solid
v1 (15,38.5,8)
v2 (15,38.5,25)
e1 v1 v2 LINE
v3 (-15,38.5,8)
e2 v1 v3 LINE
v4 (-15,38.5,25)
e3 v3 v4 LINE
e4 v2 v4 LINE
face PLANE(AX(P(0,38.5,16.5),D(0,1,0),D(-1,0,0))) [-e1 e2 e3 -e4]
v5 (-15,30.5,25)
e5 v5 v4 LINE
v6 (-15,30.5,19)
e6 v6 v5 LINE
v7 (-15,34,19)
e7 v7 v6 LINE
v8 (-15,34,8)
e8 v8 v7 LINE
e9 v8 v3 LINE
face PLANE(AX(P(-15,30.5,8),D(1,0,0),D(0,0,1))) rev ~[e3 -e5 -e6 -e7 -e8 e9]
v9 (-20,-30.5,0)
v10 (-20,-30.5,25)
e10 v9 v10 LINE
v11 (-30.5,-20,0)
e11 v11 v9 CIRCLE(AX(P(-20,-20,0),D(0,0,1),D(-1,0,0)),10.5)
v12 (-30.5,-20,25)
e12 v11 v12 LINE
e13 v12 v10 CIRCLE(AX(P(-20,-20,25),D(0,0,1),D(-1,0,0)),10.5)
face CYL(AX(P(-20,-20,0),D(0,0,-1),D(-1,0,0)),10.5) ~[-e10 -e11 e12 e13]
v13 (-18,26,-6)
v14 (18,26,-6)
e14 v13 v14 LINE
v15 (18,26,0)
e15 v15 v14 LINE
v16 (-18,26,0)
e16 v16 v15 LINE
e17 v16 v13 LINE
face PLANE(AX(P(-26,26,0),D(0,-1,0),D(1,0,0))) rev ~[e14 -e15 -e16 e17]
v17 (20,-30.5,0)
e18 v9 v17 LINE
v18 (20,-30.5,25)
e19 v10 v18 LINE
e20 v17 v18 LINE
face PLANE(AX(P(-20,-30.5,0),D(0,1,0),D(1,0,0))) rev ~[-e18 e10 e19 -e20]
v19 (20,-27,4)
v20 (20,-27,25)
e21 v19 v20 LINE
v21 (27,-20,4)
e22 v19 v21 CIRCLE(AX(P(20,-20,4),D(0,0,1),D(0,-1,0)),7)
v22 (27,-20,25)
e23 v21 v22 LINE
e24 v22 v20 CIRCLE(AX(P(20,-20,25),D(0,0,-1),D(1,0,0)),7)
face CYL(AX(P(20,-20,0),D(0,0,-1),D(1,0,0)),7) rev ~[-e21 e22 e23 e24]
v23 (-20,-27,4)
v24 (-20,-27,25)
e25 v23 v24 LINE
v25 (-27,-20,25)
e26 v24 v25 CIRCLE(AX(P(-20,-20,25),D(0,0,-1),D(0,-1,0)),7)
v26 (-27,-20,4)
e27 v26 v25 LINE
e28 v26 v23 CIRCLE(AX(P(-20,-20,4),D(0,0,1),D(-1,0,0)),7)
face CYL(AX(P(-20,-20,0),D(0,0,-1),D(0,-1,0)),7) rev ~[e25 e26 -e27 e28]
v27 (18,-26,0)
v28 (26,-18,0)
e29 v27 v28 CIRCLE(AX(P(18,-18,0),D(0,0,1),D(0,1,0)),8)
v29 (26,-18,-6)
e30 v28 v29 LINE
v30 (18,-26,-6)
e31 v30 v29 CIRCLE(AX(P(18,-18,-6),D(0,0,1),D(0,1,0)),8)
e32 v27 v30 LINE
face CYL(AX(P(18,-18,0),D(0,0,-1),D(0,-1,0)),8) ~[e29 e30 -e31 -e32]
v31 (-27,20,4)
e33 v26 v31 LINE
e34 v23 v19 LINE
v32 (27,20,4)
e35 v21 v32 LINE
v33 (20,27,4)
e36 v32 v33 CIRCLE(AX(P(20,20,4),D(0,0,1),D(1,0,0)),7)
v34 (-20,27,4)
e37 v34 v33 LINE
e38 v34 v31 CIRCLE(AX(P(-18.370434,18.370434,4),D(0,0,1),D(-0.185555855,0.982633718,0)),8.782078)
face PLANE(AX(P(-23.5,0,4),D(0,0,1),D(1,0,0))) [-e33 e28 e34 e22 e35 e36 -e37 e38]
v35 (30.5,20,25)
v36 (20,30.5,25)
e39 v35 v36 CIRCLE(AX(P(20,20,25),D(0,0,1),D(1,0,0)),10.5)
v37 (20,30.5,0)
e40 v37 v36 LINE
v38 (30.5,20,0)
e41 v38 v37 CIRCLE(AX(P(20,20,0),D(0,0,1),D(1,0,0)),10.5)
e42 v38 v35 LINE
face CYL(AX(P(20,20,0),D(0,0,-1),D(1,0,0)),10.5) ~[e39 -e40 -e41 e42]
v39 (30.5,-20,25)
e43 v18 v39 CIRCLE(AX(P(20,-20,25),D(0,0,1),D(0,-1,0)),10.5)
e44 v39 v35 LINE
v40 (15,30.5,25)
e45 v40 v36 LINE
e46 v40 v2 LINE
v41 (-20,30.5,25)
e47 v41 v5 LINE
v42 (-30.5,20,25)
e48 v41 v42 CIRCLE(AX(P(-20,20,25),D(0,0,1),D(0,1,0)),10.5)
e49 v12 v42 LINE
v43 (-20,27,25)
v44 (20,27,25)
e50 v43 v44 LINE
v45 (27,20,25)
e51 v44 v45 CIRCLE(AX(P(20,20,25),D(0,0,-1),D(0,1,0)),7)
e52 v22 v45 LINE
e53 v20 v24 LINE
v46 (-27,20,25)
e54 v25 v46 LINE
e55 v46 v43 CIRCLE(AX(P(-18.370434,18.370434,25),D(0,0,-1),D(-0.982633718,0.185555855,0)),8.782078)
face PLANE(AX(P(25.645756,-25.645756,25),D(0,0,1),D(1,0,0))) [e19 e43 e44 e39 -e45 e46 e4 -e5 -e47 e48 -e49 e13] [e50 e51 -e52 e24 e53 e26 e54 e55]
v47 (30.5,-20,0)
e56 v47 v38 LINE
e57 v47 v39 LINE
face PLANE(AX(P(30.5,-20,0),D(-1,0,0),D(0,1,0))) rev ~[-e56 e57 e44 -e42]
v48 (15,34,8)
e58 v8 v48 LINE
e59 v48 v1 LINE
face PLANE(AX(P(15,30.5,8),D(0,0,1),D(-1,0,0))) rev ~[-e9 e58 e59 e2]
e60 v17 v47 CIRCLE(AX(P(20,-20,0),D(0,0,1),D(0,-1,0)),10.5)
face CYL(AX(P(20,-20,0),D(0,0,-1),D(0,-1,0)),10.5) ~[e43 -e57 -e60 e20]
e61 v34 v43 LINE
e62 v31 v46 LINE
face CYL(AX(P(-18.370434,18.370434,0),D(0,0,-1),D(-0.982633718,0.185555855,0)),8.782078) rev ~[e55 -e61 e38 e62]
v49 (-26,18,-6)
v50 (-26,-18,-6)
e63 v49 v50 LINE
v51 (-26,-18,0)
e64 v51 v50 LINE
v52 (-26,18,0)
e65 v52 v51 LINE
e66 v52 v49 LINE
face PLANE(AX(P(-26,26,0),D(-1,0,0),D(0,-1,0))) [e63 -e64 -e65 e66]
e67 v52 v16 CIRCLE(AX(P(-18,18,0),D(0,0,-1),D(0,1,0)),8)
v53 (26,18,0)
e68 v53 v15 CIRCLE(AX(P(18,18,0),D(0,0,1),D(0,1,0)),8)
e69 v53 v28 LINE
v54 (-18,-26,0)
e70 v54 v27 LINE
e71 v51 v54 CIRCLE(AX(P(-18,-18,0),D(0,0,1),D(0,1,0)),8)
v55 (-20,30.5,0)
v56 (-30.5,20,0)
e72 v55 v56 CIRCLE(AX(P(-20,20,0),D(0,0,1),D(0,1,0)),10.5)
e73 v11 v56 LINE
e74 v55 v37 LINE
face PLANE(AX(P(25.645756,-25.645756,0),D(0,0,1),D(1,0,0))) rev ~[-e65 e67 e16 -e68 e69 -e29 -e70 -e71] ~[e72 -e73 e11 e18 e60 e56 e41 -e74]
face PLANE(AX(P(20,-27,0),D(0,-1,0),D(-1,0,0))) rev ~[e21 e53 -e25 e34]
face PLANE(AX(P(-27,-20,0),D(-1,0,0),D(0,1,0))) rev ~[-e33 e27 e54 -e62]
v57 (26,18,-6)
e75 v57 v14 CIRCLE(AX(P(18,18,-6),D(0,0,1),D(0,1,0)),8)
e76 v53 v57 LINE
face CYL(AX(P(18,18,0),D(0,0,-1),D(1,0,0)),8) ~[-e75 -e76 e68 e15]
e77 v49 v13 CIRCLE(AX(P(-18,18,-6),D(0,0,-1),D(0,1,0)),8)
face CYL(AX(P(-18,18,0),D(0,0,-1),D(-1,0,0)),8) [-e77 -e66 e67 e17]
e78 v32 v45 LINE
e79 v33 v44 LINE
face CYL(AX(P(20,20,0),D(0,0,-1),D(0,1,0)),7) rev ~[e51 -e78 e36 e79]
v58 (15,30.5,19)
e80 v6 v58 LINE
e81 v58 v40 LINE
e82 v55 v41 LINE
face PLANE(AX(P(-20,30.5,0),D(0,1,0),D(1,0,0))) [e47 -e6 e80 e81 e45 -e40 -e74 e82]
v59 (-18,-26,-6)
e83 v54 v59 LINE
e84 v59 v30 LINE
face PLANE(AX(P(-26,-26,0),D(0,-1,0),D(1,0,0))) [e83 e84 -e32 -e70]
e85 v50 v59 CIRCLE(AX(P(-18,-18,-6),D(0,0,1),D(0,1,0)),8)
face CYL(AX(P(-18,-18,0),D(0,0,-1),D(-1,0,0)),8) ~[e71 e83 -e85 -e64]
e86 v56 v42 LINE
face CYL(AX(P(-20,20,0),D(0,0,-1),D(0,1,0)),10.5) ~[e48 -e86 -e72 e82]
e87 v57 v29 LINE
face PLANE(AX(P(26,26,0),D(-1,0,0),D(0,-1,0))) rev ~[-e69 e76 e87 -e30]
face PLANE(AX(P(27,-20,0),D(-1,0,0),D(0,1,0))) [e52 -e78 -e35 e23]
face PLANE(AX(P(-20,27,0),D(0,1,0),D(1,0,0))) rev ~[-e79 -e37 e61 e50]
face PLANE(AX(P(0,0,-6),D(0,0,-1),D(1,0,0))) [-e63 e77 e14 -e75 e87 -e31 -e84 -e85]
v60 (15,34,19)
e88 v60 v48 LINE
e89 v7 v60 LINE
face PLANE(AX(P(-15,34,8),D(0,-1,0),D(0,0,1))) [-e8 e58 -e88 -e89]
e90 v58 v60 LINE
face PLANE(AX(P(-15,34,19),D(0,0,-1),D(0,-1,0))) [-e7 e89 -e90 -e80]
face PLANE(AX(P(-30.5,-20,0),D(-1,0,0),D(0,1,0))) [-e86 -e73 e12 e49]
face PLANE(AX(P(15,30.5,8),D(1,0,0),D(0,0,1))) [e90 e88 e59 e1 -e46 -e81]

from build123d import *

# Parameters (mm, degrees)
F0_W     = 7
F0_H     = 40
F0_W_2   = 40
F0_H_2   = 7
F1_DEPTH = 4
F0_H_3   = 3.5
F0_W_3   = 3.5
F2_DEPTH = 25
F3_W     = 30
F3_H     = 17
F4_DEPTH = 8
F5_W     = 3.5
F5_H     = 11
F6_DEPTH = 33
F7_W     = 52
F7_H     = 52
F8_DEPTH = 6
F9_R     = 8


with BuildPart() as f1:
    # F0 (on Top) → F1 (new body)
    with BuildSketch(Plane.XY):
        with Locations((-23.5, 0)):
            Rectangle(F0_W, F0_H)
        with BuildLine():
            Line((-27, 20), (-20, 20))
            Line((-20, 20), (-20, 27))
            ThreePointArc((-20, 27), (-24.5803009352, 24.5803009352), (-27, 20))
        make_face()
        with Locations((0, 23.5)):
            Rectangle(F0_W_2, F0_H_2)
        Rectangle(F0_W_2, F0_H)
        with BuildLine():
            Line((20, 20), (27, 20))
            ThreePointArc((27, 20), (24.9497474683, 24.9497474683), (20, 27))
            Line((20, 27), (20, 20))
        make_face()
        with Locations((23.5, 0)):
            Rectangle(F0_W, F0_H)
        with Locations((0, -23.5)):
            Rectangle(F0_W_2, F0_H_2)
        with BuildLine():
            Line((20, -20), (20, -27))
            ThreePointArc((20, -27), (24.9497474683, -24.9497474683), (27, -20))
            Line((27, -20), (20, -20))
        make_face()
        with BuildLine():
            ThreePointArc((-27, -20), (-24.9497474683, -24.9497474683), (-20, -27))
            Line((-20, -27), (-20, -20))
            Line((-20, -20), (-27, -20))
        make_face()
    extrude(amount=F1_DEPTH)

    # F0 (on Top) → F2 (join)
    with BuildSketch(Plane.XY):
        with BuildLine():
            Line((20, -27), (20, -30.5))
            ThreePointArc((20, -30.5), (27.4246212025, -27.4246212025), (30.5, -20))
            Line((30.5, -20), (27, -20))
            Line((27, -20), (27, -27))
            Line((27, -27), (20, -27))
        make_face()
        with BuildLine():
            ThreePointArc((27, -20), (24.9497474683, -24.9497474683), (20, -27))
            Line((20, -27), (27, -27))
            Line((27, -27), (27, -20))
        make_face()
        with Locations((0, -28.75)):
            Rectangle(F0_W_2, F0_H_3)
        with BuildLine():
            ThreePointArc((-30.5, -20), (-27.4246212025, -27.4246212025), (-20, -30.5))
            Line((-20, -30.5), (-20, -27))
            Line((-20, -27), (-27, -27))
            Line((-27, -27), (-27, -20))
            Line((-27, -20), (-30.5, -20))
        make_face()
        with BuildLine():
            Line((-27, -27), (-20, -27))
            ThreePointArc((-20, -27), (-24.9497474683, -24.9497474683), (-27, -20))
            Line((-27, -20), (-27, -27))
        make_face()
        with Locations((-28.75, 0)):
            Rectangle(F0_W_3, F0_H)
        with BuildLine():
            ThreePointArc((-20, 30.5), (-27.4246212025, 27.4246212025), (-30.5, 20))
            Line((-30.5, 20), (-27, 20))
            Line((-27, 20), (-27, 27))
            Line((-27, 27), (-20, 27))
            Line((-20, 27), (-20, 30.5))
        make_face()
        with BuildLine():
            Line((-27, 27), (-27, 20))
            ThreePointArc((-27, 20), (-24.5803009352, 24.5803009352), (-20, 27))
            Line((-20, 27), (-27, 27))
        make_face()
        with Locations((0, 28.75)):
            Rectangle(F0_W_2, F0_H_3)
        with BuildLine():
            Line((27, 20), (30.5, 20))
            ThreePointArc((30.5, 20), (27.4246212025, 27.4246212025), (20, 30.5))
            Line((20, 30.5), (20, 27))
            Line((20, 27), (27, 27))
            Line((27, 27), (27, 20))
        make_face()
        with BuildLine():
            ThreePointArc((20, 27), (24.9497474683, 24.9497474683), (27, 20))
            Line((27, 20), (27, 27))
            Line((27, 27), (20, 27))
        make_face()
        with Locations((28.75, 0)):
            Rectangle(F0_W_3, F0_H)
    extrude(amount=F2_DEPTH)

    # F3 (on face) → F4 (join)
    with BuildSketch(Plane(origin=(0, 30.5, 0), x_dir=(-1, 0, 0), z_dir=(0, 1, 0))):
        with Locations((0, 16.5)):
            Rectangle(F3_W, F3_H)
    extrude(amount=F4_DEPTH)

    # F5 (on face) → F6 (cut)
    with BuildSketch(Plane(origin=(-15, 0, 0), x_dir=(0, -1, 0), z_dir=(-1, 0, 0))):
        with Locations((-32.25, 13.5)):
            Rectangle(F5_W, F5_H)
    extrude(amount=-F6_DEPTH, mode=Mode.SUBTRACT)

    # F7 (on face) → F8 (join)
    with BuildSketch(Plane(origin=(0, 0, 0), x_dir=(1, 0, 0), z_dir=(0, 0, -1))):
        Rectangle(F7_W, F7_H)
    extrude(amount=F8_DEPTH)

    # F9
    f9_edges = [f1.edges().sort_by_distance(p)[0] for p in [
        (-26, -26, -3),
        (26, -26, -3),
        (26, 26, -3),
        (-26, 26, -3),
    ]]
    fillet(f9_edges, radius=F9_R)


solid = f1.part
